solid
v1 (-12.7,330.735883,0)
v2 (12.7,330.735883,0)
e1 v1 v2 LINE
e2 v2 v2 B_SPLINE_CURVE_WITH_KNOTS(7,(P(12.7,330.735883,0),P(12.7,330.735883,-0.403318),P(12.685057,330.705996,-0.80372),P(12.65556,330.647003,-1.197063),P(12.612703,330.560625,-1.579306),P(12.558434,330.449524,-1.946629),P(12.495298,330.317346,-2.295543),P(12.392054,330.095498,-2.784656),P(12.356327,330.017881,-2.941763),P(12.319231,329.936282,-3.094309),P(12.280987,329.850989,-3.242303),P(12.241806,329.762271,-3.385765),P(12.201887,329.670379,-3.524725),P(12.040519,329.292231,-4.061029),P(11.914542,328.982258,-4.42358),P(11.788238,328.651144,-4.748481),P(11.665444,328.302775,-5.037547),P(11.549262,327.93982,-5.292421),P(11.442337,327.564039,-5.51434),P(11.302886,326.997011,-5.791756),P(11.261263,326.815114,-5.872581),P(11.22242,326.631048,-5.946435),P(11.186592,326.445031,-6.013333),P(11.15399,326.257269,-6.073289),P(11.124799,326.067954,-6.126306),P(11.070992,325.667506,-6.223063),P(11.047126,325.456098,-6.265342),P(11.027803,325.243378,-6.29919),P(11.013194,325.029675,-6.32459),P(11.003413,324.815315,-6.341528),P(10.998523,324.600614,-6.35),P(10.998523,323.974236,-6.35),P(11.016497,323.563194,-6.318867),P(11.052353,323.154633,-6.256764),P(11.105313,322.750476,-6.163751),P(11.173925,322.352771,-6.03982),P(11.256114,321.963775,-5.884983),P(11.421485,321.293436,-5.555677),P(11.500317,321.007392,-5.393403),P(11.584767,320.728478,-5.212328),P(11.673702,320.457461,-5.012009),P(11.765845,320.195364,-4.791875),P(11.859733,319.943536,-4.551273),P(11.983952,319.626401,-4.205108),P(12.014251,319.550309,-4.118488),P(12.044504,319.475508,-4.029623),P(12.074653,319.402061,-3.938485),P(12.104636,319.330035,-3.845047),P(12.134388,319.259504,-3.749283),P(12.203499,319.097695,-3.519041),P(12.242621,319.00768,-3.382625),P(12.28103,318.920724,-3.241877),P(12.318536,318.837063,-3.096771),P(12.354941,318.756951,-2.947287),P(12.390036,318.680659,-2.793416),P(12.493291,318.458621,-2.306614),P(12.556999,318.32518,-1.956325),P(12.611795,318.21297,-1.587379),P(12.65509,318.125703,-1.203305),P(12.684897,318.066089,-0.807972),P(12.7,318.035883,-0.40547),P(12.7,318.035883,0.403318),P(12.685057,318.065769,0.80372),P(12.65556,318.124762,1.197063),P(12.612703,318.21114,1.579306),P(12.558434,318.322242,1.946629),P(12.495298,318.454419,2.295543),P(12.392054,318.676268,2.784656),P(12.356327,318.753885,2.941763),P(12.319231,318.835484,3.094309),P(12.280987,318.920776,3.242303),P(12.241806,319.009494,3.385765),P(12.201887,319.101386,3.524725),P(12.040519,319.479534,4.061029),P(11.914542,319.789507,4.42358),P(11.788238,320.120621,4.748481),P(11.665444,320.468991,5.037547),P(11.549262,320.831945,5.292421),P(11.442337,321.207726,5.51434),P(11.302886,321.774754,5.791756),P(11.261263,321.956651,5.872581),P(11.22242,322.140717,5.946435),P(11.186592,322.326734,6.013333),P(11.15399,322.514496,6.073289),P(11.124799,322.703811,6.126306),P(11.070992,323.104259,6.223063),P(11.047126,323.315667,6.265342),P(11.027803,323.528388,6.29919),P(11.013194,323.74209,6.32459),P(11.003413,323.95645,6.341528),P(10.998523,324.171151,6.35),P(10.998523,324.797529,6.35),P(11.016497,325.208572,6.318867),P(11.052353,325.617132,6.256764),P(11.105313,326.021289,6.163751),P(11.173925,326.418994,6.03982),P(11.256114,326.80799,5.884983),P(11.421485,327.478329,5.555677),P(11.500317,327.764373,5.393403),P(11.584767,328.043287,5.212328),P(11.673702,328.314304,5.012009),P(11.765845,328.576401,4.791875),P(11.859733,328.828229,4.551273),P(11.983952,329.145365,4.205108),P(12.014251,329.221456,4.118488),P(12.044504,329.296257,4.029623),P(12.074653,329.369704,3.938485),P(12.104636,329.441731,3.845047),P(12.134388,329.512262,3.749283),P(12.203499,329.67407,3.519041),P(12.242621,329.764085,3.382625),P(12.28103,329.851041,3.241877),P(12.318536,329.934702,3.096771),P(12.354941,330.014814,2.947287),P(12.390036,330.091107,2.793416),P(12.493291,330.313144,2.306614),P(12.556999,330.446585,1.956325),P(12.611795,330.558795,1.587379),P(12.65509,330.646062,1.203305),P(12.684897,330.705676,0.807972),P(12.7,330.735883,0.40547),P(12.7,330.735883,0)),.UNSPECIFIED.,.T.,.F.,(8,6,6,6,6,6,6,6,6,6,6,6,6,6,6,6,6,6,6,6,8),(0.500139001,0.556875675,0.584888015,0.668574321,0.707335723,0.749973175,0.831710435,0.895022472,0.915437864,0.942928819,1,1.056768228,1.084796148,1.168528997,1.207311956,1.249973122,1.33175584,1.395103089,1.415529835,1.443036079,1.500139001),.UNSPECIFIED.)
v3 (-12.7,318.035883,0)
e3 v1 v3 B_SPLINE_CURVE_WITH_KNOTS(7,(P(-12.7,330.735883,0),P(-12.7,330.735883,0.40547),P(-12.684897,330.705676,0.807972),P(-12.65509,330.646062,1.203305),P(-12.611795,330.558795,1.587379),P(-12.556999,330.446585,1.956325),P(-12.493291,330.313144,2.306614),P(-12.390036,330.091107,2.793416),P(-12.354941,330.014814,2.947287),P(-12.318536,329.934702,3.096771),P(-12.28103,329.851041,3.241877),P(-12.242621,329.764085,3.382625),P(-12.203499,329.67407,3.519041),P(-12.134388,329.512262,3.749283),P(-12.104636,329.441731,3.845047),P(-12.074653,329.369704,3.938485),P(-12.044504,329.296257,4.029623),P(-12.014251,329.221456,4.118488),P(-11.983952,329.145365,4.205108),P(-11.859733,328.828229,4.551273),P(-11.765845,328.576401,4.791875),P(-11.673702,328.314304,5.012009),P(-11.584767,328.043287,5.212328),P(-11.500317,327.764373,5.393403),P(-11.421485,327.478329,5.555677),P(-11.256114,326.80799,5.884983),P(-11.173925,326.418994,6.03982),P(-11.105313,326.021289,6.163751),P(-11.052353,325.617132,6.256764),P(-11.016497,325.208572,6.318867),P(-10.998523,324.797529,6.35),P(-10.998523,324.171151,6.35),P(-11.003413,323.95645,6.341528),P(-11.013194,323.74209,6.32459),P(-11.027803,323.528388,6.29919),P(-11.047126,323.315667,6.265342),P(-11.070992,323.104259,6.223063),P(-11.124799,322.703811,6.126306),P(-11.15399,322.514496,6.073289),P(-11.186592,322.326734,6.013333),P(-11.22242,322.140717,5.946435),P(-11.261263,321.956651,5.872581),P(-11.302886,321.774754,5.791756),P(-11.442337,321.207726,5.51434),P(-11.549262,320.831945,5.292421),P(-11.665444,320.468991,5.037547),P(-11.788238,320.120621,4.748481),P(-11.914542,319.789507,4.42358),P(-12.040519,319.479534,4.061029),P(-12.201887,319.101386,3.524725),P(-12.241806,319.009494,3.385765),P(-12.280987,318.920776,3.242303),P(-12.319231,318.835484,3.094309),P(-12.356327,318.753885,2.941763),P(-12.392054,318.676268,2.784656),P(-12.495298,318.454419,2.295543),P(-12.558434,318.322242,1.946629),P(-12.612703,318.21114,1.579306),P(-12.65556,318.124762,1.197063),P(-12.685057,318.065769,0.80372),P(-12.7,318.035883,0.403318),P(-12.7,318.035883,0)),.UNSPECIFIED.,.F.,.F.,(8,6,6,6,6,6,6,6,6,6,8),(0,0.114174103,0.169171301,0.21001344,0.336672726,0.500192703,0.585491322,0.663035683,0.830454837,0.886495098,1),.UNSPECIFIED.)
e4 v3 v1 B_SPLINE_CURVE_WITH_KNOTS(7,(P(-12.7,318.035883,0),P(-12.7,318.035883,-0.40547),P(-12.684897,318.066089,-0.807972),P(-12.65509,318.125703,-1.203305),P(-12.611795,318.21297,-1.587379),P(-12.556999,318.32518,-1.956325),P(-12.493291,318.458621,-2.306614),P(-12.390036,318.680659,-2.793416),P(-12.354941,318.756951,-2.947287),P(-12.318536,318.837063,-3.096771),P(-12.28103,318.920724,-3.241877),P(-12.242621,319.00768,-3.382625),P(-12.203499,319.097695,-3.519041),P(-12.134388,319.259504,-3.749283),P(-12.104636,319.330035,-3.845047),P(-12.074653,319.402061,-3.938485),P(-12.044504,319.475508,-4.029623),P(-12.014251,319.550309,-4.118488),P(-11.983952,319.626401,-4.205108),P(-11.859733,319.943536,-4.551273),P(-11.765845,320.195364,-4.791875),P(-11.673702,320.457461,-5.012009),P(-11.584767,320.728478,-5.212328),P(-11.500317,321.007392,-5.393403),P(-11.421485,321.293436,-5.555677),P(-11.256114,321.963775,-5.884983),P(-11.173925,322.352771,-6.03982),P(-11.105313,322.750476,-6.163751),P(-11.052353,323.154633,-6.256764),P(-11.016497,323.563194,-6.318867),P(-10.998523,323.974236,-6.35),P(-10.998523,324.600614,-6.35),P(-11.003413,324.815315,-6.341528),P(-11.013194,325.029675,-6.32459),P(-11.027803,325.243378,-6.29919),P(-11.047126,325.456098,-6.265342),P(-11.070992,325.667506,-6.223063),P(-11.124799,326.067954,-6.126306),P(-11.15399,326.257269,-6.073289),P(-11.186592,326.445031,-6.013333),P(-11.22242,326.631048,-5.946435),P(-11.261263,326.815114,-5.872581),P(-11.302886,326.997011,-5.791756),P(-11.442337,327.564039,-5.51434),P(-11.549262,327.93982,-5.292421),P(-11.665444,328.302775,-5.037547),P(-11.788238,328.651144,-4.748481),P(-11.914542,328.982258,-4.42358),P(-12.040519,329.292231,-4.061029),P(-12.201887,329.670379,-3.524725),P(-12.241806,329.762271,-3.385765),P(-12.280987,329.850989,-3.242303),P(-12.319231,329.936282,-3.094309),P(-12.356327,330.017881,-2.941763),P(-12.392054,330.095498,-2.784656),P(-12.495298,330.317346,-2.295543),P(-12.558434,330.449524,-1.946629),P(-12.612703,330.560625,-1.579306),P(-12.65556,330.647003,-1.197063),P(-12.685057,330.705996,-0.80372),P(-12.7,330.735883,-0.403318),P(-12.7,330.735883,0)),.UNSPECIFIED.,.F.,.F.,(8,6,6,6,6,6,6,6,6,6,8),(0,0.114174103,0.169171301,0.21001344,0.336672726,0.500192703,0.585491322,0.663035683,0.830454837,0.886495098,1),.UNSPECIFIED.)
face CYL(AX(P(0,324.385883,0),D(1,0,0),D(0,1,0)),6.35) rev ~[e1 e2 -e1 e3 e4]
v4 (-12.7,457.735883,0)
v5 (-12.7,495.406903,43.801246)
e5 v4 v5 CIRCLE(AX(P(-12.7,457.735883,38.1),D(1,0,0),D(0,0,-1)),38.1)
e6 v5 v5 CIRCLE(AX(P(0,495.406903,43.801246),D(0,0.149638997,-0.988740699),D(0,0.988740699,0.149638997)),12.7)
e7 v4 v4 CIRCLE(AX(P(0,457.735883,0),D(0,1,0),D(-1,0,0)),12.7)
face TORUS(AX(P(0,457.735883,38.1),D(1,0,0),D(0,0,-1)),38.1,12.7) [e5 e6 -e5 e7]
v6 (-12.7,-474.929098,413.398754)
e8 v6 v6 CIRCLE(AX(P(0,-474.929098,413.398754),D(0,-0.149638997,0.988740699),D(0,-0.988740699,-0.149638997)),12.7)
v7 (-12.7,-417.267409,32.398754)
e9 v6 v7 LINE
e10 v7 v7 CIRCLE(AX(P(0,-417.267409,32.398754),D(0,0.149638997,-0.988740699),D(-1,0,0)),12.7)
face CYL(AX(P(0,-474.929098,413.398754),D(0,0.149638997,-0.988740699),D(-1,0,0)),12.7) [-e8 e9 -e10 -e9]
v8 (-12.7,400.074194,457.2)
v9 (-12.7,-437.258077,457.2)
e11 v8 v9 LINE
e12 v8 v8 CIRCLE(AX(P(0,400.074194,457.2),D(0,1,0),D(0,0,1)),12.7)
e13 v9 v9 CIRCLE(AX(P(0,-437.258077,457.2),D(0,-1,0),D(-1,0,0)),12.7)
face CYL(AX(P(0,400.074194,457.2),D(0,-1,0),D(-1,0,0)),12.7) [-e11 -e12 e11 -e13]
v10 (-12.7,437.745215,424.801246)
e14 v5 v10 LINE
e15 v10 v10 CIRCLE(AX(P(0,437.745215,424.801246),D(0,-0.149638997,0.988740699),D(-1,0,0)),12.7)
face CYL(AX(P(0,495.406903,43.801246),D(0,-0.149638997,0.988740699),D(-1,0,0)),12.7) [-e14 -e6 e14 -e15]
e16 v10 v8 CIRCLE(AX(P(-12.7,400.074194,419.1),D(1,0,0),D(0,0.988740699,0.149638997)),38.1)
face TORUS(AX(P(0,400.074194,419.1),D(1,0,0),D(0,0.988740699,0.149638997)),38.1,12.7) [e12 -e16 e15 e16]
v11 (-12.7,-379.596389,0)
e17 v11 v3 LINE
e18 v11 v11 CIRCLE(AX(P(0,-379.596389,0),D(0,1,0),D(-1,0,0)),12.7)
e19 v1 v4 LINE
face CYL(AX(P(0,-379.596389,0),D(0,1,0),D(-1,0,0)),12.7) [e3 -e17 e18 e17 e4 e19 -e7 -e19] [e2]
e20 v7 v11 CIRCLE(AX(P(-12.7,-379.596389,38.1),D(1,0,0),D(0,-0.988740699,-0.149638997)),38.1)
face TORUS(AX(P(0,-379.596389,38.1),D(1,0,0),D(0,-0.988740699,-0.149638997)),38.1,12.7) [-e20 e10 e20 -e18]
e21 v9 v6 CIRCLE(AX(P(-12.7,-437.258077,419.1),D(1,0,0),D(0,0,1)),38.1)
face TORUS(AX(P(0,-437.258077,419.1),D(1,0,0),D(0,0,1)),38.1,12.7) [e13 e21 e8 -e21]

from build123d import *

# Parameters (mm, degrees)
F2_R     = 12.7
F4_R     = 6.35
F5_DEPTH = 12.7


with BuildPart() as f3:
    # F3: sweep along a path in F0
    with BuildLine(Plane.YZ) as f3_path:
        Line((-379.5963887051, 0), (457.7358825619, 0))
        ThreePointArc((457.7358825619, 0), (486.6221030238, 13.2565649029), (495.4069032048, 43.8012458045))
        Line((495.4069032048, 43.8012458045), (437.745214871, 424.8012458045))
        ThreePointArc((437.745214871, 424.8012458045), (424.9176293252, 447.9862204619), (400.0741942281, 457.2))
        Line((400.0741942281, 457.2), (-437.2580770389, 457.2))
        ThreePointArc((-437.2580770389, 457.2), (-466.1442975009, 443.9434350971), (-474.9290976818, 413.3987541955))
        Line((-474.9290976818, 413.3987541955), (-417.267409348, 32.3987541955))
        ThreePointArc((-417.267409348, 32.3987541955), (-404.4398238022, 9.2137795381), (-379.5963887051, 0))
    # F2 (on line) → F3 (sweep)
    with BuildSketch(Plane(origin=(0, -379.5963887051, 0), x_dir=(-1, 0, 0), z_dir=(0, 1, 0))):
        Circle(F2_R)
    sweep(path=f3_path.line)

    # F4 (on Right) → F5 (cut, symmetric)
    with BuildSketch(Plane.YZ):
        with Locations((324.3858825619, 0)):
            Circle(F4_R)
    extrude(amount=F5_DEPTH, both=True, mode=Mode.SUBTRACT)


solid = f3.part
